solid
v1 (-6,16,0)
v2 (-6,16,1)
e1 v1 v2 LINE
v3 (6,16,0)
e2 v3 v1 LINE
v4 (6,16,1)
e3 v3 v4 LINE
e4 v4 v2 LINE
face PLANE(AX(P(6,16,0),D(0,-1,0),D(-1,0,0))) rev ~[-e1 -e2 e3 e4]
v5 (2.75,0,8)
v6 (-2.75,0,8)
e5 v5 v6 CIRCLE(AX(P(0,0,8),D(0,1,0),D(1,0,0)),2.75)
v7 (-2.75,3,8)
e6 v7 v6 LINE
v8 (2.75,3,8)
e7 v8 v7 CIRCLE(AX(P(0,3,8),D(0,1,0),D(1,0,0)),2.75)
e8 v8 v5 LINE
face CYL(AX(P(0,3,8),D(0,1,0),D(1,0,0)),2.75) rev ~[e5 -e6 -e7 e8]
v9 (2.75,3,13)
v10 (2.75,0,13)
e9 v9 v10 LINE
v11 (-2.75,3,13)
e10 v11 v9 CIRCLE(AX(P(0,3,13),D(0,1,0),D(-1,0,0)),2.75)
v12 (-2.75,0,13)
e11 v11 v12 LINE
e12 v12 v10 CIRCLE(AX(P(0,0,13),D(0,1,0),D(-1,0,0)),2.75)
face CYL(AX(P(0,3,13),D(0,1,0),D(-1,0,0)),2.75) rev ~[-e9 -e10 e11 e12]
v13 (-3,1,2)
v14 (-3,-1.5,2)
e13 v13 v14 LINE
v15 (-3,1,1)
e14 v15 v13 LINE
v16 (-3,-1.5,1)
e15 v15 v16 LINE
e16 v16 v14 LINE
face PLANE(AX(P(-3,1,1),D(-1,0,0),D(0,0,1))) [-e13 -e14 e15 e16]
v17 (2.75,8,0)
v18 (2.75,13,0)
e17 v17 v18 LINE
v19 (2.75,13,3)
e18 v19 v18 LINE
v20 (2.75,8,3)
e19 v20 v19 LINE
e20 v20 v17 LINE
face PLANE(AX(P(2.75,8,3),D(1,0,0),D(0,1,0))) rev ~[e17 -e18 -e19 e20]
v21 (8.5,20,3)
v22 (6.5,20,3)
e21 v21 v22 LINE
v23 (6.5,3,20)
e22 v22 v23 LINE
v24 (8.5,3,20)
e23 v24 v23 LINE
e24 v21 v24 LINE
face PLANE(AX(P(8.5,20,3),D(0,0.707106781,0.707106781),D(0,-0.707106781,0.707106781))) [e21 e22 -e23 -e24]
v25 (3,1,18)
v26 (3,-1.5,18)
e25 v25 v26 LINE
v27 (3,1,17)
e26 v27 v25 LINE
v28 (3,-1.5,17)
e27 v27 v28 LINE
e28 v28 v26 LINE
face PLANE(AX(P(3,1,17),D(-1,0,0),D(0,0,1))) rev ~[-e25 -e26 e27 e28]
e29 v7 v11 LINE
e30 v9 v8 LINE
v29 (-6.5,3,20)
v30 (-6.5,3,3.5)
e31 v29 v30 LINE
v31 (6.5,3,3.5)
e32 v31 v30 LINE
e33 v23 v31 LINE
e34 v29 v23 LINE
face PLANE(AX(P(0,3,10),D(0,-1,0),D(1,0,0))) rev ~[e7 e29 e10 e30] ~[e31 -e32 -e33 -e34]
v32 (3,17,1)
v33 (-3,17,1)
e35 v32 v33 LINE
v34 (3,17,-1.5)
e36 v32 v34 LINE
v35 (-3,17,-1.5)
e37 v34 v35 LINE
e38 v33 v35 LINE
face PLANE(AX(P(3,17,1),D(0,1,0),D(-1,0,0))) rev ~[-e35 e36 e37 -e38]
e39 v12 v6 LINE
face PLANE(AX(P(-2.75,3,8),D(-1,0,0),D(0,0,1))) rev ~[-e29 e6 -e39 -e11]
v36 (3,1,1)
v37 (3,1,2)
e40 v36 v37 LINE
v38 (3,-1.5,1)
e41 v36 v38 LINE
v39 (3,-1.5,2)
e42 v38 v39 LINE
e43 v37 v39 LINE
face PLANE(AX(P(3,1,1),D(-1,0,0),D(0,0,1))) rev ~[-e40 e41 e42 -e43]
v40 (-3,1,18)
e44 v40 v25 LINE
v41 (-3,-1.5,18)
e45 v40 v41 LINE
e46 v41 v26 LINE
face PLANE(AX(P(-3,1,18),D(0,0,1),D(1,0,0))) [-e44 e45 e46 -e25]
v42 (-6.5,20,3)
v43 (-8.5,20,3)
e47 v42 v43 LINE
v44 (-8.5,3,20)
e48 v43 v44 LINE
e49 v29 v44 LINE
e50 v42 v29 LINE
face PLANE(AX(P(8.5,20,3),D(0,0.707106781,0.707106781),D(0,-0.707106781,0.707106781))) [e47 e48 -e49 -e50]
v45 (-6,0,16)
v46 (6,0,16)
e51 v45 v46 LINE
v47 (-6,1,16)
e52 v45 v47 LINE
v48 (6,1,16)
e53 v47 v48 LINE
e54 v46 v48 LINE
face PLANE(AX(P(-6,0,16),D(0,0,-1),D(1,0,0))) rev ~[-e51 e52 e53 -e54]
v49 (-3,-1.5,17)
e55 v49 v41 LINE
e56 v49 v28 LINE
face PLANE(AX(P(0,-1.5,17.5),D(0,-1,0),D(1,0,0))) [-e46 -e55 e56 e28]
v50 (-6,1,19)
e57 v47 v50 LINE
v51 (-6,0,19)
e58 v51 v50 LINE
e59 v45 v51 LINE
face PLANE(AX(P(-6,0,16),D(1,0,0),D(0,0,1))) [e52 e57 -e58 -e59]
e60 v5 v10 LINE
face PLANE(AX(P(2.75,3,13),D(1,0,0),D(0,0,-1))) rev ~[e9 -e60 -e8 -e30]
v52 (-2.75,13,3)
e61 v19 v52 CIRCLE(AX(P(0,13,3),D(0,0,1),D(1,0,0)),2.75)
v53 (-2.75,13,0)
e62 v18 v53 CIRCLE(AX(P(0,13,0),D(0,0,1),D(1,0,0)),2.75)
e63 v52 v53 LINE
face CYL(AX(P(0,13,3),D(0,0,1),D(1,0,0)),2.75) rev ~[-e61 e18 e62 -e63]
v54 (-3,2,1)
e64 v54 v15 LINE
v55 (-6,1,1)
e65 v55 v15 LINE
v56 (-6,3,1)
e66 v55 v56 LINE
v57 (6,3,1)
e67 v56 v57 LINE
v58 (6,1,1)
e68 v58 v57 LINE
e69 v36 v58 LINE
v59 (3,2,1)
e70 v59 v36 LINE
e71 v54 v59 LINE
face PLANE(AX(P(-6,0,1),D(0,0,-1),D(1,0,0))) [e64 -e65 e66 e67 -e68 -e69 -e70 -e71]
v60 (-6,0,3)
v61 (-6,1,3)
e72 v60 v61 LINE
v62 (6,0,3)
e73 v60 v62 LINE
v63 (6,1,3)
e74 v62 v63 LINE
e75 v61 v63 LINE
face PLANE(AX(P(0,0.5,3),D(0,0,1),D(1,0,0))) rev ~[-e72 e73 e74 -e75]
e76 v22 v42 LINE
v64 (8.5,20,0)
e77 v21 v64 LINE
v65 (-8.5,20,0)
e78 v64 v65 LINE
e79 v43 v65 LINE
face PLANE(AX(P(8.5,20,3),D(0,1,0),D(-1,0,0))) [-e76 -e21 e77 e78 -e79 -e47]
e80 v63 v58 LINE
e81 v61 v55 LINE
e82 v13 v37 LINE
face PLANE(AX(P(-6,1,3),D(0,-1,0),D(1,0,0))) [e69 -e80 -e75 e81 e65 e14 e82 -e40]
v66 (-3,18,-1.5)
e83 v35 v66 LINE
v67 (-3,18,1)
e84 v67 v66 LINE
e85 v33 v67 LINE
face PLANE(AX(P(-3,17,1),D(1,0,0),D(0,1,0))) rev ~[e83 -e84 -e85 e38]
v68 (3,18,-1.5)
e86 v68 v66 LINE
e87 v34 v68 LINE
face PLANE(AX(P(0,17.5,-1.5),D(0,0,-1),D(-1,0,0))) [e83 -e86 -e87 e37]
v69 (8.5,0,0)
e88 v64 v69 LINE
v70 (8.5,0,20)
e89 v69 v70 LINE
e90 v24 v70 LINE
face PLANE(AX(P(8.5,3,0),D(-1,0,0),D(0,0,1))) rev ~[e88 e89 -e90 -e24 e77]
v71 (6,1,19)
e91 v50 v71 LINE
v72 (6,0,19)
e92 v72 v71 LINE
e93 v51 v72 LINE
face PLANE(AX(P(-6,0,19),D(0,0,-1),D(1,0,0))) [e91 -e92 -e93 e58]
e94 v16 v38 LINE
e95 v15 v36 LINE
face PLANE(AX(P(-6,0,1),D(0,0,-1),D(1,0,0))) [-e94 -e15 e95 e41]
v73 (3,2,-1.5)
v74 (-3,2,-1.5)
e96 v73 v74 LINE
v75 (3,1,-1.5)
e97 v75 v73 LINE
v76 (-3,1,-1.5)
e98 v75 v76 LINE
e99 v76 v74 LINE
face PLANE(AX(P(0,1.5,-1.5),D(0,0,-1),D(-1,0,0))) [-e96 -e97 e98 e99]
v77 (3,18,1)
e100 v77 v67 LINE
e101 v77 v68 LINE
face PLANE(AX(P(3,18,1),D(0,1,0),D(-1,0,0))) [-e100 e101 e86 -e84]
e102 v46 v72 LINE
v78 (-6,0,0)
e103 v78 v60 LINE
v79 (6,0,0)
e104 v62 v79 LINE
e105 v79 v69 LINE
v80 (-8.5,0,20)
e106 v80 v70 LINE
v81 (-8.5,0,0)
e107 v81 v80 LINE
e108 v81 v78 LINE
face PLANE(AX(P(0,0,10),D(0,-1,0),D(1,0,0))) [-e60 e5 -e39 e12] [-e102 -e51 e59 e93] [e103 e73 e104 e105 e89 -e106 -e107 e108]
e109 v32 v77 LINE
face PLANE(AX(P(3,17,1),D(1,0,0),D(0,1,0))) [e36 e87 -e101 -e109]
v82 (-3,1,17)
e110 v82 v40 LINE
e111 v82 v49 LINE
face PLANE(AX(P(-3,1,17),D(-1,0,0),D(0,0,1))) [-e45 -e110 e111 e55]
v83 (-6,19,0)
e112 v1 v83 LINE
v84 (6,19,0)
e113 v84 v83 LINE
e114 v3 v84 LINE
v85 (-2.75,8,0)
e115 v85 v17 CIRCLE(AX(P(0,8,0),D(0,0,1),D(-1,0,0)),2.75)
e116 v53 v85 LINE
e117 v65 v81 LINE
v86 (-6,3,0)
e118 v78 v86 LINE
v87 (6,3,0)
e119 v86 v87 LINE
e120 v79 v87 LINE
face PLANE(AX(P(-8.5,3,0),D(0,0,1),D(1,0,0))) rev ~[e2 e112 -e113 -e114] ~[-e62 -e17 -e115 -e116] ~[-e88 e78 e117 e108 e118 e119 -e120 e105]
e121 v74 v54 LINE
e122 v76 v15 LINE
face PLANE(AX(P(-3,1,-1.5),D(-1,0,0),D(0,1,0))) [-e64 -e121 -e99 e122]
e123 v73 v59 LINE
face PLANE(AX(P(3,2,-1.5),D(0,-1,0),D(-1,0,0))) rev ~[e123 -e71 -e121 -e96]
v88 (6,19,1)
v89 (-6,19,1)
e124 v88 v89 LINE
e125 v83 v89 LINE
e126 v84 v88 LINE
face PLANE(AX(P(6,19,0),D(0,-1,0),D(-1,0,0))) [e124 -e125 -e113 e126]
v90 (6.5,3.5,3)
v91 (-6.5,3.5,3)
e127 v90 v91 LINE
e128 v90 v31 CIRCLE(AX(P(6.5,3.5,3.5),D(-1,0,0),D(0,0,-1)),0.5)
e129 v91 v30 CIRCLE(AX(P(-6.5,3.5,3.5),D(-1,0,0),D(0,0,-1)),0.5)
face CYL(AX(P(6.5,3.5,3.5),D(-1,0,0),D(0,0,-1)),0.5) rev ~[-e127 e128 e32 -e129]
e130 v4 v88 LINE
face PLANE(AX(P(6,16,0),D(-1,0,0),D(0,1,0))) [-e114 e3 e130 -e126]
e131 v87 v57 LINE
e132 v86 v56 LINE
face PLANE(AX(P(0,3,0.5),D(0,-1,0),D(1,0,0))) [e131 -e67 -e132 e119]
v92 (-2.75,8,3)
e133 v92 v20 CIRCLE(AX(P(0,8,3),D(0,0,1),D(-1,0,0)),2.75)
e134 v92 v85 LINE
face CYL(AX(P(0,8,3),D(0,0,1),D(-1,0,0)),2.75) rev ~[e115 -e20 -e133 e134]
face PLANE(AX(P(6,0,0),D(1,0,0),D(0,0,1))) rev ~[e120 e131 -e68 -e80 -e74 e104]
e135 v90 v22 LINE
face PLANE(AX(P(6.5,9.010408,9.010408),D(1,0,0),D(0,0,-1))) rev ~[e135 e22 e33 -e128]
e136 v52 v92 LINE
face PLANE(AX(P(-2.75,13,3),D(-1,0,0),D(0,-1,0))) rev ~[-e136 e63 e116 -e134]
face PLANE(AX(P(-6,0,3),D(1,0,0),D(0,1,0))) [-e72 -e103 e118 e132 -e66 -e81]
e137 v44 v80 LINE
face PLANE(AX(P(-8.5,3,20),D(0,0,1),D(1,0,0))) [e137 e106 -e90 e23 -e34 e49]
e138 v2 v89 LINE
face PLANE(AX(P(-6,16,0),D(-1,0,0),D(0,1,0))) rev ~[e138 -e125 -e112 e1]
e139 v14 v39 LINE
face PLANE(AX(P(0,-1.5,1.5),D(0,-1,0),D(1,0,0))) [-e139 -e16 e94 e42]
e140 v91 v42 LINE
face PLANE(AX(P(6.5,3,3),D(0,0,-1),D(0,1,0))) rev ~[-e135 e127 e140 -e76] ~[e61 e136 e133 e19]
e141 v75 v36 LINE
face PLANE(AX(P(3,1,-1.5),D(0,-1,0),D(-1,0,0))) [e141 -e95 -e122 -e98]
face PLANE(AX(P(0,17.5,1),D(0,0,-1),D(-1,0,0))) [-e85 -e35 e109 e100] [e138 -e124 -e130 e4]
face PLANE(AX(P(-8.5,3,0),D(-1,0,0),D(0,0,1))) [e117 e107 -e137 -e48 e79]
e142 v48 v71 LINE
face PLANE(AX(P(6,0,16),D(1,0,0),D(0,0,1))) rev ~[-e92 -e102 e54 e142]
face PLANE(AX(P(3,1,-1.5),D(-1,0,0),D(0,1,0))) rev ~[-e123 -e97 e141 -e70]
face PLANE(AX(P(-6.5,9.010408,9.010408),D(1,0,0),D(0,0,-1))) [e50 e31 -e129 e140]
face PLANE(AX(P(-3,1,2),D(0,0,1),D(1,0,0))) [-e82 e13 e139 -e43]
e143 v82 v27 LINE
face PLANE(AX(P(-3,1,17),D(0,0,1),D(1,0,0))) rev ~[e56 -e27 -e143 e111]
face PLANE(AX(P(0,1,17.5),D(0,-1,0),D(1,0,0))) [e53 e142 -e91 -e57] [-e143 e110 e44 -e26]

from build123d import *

# Parameters (mm, degrees)
BOSS_EXTRUDE1_DEPTH = 17
SKETCH17_W          = 17
SKETCH17_H          = 17
BOSS_EXTRUDE2_DEPTH = 3
CUT_EXTRUDE1_DEPTH  = 13
SKETCH23_W          = 17
SKETCH23_H          = 20
BOSS_EXTRUDE3_DEPTH = 3
SKETCH24_W          = 12
SKETCH24_H          = 1
CUT_EXTRUDE2_DEPTH  = 3
CUT_EXTRUDE3_REACH  = 29.591
SKETCH30_W          = 12
SKETCH30_H          = 1
CUT_EXTRUDE4_DEPTH  = 28.590759323
CUT_EXTRUDE5_DEPTH  = 28.590759323
SKETCH39_W          = 12
SKETCH39_H          = 3
CUT_EXTRUDE6_DEPTH  = 1
SKETCH40_W          = 6
SKETCH40_H          = 1
BOSS_EXTRUDE4_DEPTH = 2.5
SKETCH41_W          = 6
SKETCH41_H          = 1
BOSS_EXTRUDE5_DEPTH = 2.5
BOSS_EXTRUDE6_REACH = 32.57
SKETCH49_W          = 6
SKETCH49_H          = 1
SKETCH50_W          = 12
SKETCH50_H          = 3
CUT_EXTRUDE7_DEPTH  = 1
SKETCH51_W          = 6
SKETCH51_H          = 1
BOSS_EXTRUDE7_DEPTH = 2.5
FILLET1_R           = 0.5


with BuildPart() as part:
    # Sketch16 → Boss-Extrude1 (new body)
    with BuildSketch(Plane(origin=(8.5, 0, 0), x_dir=(0, 0, -1), z_dir=(1, 0, 0))):
        Polygon((-3, 3), (-3, 20), (-20, 3), align=None)
    extrude(amount=-BOSS_EXTRUDE1_DEPTH)

    # Sketch17 → Boss-Extrude2 (add)
    with BuildSketch(Plane(origin=(0, 0, 3), x_dir=(-1, 0, 0), z_dir=(0, 0, -1))):
        with Locations((0, 11.5)):
            Rectangle(SKETCH17_W, SKETCH17_H)
    extrude(amount=BOSS_EXTRUDE2_DEPTH)

    # Sketch22 → Cut-Extrude1 (cut)
    with BuildSketch(Plane(origin=(6.5, 0, 0), x_dir=(0, 0, -1), z_dir=(1, 0, 0))):
        Polygon((-3, 20), (-20, 3), (-3, 3), align=None)
    extrude(amount=-CUT_EXTRUDE1_DEPTH, mode=Mode.SUBTRACT)

    # Sketch23 → Boss-Extrude3 (add)
    with BuildSketch(Plane.XZ.offset(-3)):
        with Locations((0, 10)):
            Rectangle(SKETCH23_W, SKETCH23_H)
    extrude(amount=BOSS_EXTRUDE3_DEPTH)

    # Sketch24 → Cut-Extrude2 (cut)
    with BuildSketch(Plane.XZ):
        with Locations((0, 0.5)):
            Rectangle(SKETCH24_W, SKETCH24_H)
    extrude(amount=-CUT_EXTRUDE2_DEPTH, mode=Mode.SUBTRACT)

    # Sketch30 → Cut-Extrude3 (cut, up to next)
    with BuildSketch(Plane.XY.offset(3), mode=Mode.PRIVATE) as cut_extrude3_sk1:
        with Locations((0, 0.5)):
            Rectangle(SKETCH30_W, SKETCH30_H)
    cut_extrude3_tool1 = extrude(cut_extrude3_sk1.sketch, amount=-CUT_EXTRUDE3_REACH, mode=Mode.PRIVATE) & part.part
    add(cut_extrude3_tool1.solids().sort_by_distance((0, 0.5, 3))[0], mode=Mode.SUBTRACT)

    # Sketch37 → Cut-Extrude4 (cut, through all)
    with BuildSketch(Plane.XY.offset(3)):
        with BuildLine():
            Line((2.75, 8), (2.75, 13))
            ThreePointArc((2.75, 13), (0, 15.75), (-2.75, 13))
            Line((-2.75, 13), (-2.75, 8))
            ThreePointArc((-2.75, 8), (0, 5.25), (2.75, 8))
        make_face()
    extrude(amount=-CUT_EXTRUDE4_DEPTH, mode=Mode.SUBTRACT)

    # Sketch38 → Cut-Extrude5 (cut, through all)
    with BuildSketch(Plane(origin=(0, 3, 0), x_dir=(-1, 0, 0), z_dir=(0, 1, 0))):
        with BuildLine():
            Line((-2.75, 13), (-2.75, 8))
            ThreePointArc((-2.75, 8), (0, 5.25), (2.75, 8))
            Line((2.75, 8), (2.75, 13))
            ThreePointArc((2.75, 13), (0, 15.75), (-2.75, 13))
        make_face()
    extrude(amount=-CUT_EXTRUDE5_DEPTH, mode=Mode.SUBTRACT)

    # Sketch39 → Cut-Extrude6 (cut)
    with BuildSketch(Plane.XZ):
        with Locations((0, 17.5)):
            Rectangle(SKETCH39_W, SKETCH39_H)
    extrude(amount=-CUT_EXTRUDE6_DEPTH, mode=Mode.SUBTRACT)

    # Sketch40 → Boss-Extrude4 (add)
    with BuildSketch(Plane.XZ.offset(-1)):
        with Locations((0, 17.5)):
            Rectangle(SKETCH40_W, SKETCH40_H)
    extrude(amount=BOSS_EXTRUDE4_DEPTH)

    # Sketch41 → Boss-Extrude5 (add)
    with BuildSketch(Plane.XZ.offset(-1)):
        with Locations((0, 1.5)):
            Rectangle(SKETCH41_W, SKETCH41_H)
    extrude(amount=BOSS_EXTRUDE5_DEPTH)

    # Sketch49 → Boss-Extrude6 (add, up to next)
    with BuildSketch(Plane(origin=(0, 0, -1.5), x_dir=(-1, 0, 0), z_dir=(0, 0, -1)), mode=Mode.PRIVATE) as boss_extrude6_sk1:
        with Locations((0, 1.5)):
            Rectangle(SKETCH49_W, SKETCH49_H)
    boss_extrude6_tool1 = extrude(boss_extrude6_sk1.sketch, amount=-BOSS_EXTRUDE6_REACH, mode=Mode.PRIVATE) - part.part
    add(boss_extrude6_tool1.solids().sort_by_distance((0, 1.5, -1.5))[0])

    # Sketch50 → Cut-Extrude7 (cut)
    with BuildSketch(Plane(origin=(0, 0, 0), x_dir=(-1, 0, 0), z_dir=(0, 0, -1))):
        with Locations((0, 17.5)):
            Rectangle(SKETCH50_W, SKETCH50_H)
    extrude(amount=-CUT_EXTRUDE7_DEPTH, mode=Mode.SUBTRACT)

    # Sketch51 → Boss-Extrude7 (add)
    with BuildSketch(Plane(origin=(0, 0, 1), x_dir=(-1, 0, 0), z_dir=(0, 0, -1))):
        with Locations((0, 17.5)):
            Rectangle(SKETCH51_W, SKETCH51_H)
    extrude(amount=BOSS_EXTRUDE7_DEPTH)

    # Fillet1
    fillet1_edges = [part.edges().sort_by_distance(p)[0] for p in [
        (0, 3, 3),
    ]]
    fillet(fillet1_edges, radius=FILLET1_R)


solid = part.part
